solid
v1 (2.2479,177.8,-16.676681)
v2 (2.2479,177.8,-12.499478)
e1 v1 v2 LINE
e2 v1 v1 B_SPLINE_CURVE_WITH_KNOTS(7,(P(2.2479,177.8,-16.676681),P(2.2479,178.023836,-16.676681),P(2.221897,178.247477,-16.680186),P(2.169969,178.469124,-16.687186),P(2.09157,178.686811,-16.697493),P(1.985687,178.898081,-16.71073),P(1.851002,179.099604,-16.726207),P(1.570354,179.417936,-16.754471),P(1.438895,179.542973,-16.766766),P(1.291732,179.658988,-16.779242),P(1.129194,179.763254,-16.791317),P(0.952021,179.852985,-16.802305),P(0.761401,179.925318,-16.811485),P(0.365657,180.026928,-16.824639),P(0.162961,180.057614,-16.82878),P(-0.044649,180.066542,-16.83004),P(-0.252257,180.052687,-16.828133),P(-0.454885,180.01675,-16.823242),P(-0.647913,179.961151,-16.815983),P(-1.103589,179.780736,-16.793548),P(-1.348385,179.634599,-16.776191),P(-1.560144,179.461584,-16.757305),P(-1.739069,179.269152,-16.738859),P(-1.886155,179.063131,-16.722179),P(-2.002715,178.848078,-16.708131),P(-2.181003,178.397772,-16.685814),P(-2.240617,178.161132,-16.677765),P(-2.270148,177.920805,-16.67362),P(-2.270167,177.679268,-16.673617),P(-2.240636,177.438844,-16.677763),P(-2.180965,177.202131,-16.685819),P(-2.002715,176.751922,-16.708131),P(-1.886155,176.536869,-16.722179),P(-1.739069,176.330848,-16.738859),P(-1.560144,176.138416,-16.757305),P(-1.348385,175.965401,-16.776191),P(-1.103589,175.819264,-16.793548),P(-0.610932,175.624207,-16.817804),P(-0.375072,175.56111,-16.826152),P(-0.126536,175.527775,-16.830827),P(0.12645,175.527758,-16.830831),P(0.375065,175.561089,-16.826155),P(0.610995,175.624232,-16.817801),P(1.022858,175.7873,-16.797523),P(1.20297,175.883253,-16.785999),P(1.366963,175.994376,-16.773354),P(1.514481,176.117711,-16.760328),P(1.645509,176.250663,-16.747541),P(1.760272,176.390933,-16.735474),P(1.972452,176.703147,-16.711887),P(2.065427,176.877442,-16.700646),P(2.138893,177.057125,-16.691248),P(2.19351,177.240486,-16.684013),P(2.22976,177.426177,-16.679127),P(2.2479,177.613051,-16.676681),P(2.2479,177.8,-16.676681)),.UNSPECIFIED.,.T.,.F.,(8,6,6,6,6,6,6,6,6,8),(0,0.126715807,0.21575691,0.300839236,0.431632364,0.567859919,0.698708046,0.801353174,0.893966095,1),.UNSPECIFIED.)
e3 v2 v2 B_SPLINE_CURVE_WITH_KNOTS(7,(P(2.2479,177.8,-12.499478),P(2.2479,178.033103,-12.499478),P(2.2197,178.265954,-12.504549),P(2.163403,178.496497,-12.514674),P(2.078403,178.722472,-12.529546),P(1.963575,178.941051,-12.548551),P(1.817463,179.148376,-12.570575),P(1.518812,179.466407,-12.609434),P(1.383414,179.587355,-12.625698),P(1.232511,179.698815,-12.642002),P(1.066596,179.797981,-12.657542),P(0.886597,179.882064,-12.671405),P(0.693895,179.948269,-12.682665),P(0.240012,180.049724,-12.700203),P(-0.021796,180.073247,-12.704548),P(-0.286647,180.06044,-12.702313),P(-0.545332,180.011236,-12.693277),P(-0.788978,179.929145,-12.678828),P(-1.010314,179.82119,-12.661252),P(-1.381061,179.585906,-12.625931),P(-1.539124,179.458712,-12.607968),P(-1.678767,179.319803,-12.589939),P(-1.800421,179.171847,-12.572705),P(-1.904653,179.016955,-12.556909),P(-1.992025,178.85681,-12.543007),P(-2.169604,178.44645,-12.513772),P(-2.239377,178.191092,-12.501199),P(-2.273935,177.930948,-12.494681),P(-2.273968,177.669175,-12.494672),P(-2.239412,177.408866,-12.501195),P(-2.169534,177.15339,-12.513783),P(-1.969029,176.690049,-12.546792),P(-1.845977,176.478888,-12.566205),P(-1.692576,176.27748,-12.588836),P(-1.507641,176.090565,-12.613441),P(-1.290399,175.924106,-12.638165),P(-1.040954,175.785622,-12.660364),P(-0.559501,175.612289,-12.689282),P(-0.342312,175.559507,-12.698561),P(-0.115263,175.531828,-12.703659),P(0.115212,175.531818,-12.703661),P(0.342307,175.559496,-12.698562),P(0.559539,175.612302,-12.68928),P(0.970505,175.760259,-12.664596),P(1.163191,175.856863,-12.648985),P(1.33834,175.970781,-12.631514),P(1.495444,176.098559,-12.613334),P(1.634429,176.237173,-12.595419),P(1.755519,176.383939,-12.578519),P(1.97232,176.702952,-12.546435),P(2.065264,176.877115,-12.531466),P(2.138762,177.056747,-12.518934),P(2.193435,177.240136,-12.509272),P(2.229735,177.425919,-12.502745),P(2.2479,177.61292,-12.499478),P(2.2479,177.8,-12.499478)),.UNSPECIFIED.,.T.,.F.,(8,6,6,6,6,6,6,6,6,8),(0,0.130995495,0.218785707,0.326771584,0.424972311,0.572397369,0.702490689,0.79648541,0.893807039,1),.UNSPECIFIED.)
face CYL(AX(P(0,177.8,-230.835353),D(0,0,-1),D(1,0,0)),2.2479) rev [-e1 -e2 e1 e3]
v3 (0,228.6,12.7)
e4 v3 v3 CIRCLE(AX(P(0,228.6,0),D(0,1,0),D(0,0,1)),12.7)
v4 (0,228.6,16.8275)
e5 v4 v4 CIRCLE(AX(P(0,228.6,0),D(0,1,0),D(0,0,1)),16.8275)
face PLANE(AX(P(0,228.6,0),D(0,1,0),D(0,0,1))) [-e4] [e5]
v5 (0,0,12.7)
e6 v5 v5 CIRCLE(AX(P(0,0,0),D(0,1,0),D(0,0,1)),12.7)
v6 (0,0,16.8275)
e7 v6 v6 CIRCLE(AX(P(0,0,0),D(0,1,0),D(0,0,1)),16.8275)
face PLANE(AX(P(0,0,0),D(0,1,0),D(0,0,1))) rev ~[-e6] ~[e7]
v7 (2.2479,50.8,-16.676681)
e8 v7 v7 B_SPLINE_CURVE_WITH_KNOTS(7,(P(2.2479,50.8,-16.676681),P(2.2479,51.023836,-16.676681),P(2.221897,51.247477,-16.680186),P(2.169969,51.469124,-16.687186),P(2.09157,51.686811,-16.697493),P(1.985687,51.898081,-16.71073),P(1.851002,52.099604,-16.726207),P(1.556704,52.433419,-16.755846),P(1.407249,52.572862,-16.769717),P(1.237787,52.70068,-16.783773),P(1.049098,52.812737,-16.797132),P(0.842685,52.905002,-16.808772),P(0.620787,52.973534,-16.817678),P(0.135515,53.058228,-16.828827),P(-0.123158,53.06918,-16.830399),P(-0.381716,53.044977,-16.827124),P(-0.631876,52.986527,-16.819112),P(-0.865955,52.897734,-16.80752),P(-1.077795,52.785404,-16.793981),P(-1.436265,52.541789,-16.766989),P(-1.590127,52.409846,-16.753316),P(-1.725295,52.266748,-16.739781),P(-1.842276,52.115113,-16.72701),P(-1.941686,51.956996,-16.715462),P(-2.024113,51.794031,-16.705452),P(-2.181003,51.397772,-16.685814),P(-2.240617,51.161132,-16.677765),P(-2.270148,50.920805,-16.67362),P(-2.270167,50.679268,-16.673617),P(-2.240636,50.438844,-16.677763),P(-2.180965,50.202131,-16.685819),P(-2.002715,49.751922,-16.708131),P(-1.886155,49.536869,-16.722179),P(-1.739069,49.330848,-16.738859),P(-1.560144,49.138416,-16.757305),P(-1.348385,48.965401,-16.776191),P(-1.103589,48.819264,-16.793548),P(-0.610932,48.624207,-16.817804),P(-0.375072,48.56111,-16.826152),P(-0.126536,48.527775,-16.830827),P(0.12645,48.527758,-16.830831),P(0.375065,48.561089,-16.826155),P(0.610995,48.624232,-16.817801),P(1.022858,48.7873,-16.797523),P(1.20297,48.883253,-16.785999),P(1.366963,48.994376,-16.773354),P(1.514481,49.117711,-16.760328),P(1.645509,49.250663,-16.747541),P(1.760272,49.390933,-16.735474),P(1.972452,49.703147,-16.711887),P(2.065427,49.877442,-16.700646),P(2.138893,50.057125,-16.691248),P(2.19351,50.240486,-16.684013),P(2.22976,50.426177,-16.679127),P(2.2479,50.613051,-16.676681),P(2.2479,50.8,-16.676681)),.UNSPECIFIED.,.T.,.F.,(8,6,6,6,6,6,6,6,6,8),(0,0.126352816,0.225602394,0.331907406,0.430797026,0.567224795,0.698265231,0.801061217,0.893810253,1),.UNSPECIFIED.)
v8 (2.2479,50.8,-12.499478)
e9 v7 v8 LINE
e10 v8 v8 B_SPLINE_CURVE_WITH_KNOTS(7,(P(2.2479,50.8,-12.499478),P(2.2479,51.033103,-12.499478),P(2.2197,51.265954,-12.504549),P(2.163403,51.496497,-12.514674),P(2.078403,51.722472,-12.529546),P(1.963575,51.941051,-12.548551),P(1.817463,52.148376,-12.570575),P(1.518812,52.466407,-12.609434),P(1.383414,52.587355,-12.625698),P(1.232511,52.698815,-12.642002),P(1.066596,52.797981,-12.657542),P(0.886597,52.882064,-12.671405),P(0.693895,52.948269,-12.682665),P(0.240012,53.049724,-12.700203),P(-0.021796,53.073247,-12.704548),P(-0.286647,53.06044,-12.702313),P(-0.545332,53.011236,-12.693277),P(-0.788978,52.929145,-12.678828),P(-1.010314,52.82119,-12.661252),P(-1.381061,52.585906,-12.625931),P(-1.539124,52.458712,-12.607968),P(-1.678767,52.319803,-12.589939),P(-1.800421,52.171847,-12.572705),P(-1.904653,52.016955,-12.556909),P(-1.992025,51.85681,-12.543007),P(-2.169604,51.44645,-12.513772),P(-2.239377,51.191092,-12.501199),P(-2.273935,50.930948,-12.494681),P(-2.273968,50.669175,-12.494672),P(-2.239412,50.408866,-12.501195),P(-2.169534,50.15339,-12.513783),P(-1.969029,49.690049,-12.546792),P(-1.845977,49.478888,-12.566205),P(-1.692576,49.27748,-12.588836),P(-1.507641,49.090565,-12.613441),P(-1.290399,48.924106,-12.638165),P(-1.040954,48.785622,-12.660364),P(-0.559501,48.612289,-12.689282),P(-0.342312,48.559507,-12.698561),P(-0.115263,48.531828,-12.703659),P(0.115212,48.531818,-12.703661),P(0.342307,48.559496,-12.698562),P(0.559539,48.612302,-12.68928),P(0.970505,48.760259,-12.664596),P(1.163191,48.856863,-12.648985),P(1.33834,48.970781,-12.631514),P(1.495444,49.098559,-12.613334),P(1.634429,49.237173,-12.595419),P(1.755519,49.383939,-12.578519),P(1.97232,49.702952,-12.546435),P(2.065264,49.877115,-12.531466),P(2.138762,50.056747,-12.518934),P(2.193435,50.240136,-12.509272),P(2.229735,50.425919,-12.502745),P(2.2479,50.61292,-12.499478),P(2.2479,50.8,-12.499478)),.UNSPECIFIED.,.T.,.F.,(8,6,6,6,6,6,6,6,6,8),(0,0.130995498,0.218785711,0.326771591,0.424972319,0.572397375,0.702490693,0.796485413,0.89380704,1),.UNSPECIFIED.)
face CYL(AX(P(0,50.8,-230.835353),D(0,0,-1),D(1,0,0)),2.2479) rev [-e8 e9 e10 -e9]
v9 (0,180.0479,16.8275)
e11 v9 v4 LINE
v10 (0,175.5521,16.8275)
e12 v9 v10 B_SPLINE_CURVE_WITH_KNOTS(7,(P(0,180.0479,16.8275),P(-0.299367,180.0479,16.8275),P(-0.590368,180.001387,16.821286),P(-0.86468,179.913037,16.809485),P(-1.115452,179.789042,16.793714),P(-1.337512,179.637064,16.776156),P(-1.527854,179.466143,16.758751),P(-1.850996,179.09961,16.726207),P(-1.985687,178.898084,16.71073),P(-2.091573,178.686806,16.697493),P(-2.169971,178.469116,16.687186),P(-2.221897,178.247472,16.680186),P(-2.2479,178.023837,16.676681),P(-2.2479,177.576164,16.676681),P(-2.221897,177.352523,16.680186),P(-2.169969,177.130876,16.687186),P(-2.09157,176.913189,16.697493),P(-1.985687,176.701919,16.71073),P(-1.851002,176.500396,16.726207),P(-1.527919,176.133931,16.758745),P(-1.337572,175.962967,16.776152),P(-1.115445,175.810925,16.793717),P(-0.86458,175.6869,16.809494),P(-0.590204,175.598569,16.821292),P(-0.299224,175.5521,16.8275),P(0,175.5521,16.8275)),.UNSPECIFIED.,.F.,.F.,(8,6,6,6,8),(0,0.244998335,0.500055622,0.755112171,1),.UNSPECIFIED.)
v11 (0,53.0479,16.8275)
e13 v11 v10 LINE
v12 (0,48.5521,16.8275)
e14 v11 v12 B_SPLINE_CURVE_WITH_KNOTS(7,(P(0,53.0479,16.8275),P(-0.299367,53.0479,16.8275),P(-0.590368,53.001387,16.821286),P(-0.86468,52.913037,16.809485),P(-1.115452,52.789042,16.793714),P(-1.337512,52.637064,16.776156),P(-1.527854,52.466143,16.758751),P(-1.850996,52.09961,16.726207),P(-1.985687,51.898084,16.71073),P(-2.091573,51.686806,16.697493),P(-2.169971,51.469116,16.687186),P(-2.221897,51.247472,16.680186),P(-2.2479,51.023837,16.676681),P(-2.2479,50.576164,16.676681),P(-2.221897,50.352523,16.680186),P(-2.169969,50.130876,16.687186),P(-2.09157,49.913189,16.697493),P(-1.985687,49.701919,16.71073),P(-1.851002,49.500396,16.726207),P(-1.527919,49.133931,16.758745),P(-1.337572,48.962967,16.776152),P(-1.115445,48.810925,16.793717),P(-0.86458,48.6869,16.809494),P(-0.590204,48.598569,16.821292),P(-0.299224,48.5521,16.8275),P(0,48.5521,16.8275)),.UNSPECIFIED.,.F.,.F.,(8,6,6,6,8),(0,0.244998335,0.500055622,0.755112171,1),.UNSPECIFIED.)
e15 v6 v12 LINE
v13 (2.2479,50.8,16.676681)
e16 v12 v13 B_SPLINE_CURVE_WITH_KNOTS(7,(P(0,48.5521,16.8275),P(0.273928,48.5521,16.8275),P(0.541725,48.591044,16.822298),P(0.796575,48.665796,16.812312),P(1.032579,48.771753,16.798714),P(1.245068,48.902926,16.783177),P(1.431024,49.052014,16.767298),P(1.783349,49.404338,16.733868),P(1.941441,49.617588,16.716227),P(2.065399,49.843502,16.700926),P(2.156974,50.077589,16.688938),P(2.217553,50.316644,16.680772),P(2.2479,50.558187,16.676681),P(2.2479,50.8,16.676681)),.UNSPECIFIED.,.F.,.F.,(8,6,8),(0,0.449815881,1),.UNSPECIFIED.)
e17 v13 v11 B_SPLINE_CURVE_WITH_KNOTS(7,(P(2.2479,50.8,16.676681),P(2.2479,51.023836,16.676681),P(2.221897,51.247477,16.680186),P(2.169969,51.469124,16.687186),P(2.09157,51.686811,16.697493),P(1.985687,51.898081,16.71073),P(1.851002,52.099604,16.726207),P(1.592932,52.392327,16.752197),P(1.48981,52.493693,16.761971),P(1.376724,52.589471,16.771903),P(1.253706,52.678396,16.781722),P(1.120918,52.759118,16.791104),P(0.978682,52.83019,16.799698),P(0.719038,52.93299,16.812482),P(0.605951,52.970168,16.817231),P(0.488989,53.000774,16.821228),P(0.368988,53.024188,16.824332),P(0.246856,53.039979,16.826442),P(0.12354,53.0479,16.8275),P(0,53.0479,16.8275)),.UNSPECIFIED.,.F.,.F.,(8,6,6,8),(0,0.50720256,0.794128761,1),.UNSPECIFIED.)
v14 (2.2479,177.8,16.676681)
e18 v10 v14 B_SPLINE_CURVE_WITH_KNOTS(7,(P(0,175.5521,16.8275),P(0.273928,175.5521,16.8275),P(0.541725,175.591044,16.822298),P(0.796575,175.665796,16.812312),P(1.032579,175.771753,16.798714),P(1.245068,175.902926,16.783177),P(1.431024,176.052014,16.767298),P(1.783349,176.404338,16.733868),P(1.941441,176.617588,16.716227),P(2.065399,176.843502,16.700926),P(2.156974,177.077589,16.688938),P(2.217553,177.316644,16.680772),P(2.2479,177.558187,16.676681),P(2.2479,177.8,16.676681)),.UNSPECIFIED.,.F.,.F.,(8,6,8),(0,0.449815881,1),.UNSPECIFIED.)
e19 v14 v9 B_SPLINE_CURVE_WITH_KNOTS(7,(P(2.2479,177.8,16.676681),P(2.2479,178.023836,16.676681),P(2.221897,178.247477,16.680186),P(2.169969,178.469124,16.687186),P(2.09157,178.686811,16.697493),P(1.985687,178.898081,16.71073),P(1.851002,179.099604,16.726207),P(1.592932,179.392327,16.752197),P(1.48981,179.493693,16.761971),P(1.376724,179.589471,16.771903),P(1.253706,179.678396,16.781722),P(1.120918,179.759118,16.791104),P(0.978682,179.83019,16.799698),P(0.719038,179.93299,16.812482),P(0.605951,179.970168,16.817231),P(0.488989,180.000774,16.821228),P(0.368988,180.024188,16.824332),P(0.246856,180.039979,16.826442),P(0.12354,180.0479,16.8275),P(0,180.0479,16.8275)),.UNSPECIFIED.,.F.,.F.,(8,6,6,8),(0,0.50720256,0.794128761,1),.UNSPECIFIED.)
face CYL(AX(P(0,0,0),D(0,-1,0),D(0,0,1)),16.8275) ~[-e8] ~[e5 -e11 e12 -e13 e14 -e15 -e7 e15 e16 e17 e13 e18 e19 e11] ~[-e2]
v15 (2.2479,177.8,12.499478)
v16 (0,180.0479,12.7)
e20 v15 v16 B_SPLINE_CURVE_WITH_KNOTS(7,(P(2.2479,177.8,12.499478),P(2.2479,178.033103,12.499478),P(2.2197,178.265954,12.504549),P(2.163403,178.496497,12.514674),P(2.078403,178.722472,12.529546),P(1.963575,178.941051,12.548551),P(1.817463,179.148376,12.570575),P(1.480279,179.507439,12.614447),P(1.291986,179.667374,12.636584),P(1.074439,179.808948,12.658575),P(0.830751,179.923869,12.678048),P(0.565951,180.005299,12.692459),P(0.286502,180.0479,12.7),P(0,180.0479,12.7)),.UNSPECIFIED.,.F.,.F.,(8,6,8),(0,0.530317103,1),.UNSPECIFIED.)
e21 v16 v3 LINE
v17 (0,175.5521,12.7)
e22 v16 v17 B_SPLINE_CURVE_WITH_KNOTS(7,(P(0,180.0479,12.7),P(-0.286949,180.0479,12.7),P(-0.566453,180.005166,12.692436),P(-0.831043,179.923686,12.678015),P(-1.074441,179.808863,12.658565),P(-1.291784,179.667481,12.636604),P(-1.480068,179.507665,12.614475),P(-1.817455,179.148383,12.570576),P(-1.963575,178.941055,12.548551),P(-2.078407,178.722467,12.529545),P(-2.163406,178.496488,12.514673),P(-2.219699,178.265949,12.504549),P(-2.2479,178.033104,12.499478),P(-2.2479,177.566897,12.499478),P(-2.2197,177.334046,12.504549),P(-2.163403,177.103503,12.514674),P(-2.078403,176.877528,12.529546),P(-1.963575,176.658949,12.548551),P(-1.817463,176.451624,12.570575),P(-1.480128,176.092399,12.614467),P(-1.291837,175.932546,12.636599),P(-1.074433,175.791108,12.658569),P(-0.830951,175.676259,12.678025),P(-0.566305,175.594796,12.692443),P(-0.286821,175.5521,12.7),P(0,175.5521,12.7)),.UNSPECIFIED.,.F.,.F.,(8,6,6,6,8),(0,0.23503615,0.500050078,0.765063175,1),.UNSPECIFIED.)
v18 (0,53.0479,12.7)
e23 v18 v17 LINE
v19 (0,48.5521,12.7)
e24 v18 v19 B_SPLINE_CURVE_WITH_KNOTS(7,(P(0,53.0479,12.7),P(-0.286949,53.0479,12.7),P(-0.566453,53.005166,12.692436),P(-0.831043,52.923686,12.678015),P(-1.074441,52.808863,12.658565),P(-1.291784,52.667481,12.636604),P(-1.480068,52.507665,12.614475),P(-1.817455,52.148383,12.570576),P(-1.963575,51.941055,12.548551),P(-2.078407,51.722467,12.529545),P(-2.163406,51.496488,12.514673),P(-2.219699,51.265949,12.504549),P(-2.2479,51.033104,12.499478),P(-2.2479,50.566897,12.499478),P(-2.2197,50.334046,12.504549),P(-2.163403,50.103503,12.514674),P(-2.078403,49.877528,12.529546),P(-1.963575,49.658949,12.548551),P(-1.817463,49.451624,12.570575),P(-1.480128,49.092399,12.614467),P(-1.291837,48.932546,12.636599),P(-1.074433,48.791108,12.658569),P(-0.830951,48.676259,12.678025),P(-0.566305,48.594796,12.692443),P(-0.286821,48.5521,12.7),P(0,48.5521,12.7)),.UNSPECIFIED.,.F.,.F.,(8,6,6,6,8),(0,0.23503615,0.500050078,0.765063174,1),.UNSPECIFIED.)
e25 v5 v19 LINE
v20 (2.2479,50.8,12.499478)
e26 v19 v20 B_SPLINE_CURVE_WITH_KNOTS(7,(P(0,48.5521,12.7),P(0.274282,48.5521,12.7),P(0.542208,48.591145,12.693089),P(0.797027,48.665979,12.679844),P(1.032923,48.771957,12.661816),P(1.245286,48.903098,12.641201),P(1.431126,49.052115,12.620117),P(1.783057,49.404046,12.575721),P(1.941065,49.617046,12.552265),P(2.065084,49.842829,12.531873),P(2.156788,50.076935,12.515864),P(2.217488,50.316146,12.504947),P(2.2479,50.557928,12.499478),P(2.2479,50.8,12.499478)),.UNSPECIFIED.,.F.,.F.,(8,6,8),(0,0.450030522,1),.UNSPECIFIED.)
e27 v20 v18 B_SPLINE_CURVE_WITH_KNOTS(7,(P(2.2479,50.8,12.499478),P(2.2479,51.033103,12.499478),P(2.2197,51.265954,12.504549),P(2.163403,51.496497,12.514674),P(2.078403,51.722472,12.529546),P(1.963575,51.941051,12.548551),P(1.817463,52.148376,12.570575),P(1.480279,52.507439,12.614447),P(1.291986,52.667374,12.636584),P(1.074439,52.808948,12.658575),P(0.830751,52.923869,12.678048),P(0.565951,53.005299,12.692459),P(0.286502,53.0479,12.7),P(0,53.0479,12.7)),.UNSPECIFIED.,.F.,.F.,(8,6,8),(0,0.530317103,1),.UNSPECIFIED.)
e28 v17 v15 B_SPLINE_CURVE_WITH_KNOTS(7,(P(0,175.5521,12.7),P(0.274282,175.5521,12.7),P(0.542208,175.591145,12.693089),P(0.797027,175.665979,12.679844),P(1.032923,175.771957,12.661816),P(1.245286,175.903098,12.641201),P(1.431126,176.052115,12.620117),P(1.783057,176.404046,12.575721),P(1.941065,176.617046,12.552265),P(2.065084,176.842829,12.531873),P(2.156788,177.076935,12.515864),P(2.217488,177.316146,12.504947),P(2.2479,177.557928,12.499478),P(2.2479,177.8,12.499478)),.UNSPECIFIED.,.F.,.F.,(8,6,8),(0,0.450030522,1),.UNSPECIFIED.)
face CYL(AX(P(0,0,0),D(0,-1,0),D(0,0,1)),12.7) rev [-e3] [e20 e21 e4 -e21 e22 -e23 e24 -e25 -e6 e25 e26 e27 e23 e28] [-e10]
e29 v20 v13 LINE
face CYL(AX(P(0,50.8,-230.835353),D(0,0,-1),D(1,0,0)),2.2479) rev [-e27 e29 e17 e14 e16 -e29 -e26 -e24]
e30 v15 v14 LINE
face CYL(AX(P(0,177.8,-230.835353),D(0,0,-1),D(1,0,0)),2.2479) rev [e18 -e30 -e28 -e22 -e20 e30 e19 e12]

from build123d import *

# Parameters (mm, degrees)
SKETCH1_R               = 16.8275
SKETCH1_R_2             = 12.7
BOSS_EXTRUDE1_DEPTH     = 228.6
CUT_EXTRUDE1_DEPTH      = 230.835353052
CUT_EXTRUDE1_DEPTH_BACK = 230.835353052
SKETCH2_R               = 2.2479


with BuildPart() as part:
    # Sketch1 → Boss-Extrude1 (new body)
    with BuildSketch(Plane(origin=(0, 0, 0), x_dir=(1, 0, 0), z_dir=(0, 1, 0))):
        with Locations(Location((0, 0, 0), (0, 0, 270))):
            Circle(SKETCH1_R)
        with Locations(Location((0, 0, 0), (0, 0, 270))):
            Circle(SKETCH1_R_2, mode=Mode.SUBTRACT)
    extrude(amount=BOSS_EXTRUDE1_DEPTH)

    # Sketch2 → Cut-Extrude1 (cut, two sides: drawn at the far end of the back side and taken through both)
    with BuildSketch(Plane.XY.offset(-CUT_EXTRUDE1_DEPTH_BACK)):
        with Locations((0, 177.8)):
            Circle(SKETCH2_R)
        with Locations((0, 50.8)):
            Circle(SKETCH2_R)
    extrude(amount=CUT_EXTRUDE1_DEPTH + CUT_EXTRUDE1_DEPTH_BACK, mode=Mode.SUBTRACT)


solid = part.part
